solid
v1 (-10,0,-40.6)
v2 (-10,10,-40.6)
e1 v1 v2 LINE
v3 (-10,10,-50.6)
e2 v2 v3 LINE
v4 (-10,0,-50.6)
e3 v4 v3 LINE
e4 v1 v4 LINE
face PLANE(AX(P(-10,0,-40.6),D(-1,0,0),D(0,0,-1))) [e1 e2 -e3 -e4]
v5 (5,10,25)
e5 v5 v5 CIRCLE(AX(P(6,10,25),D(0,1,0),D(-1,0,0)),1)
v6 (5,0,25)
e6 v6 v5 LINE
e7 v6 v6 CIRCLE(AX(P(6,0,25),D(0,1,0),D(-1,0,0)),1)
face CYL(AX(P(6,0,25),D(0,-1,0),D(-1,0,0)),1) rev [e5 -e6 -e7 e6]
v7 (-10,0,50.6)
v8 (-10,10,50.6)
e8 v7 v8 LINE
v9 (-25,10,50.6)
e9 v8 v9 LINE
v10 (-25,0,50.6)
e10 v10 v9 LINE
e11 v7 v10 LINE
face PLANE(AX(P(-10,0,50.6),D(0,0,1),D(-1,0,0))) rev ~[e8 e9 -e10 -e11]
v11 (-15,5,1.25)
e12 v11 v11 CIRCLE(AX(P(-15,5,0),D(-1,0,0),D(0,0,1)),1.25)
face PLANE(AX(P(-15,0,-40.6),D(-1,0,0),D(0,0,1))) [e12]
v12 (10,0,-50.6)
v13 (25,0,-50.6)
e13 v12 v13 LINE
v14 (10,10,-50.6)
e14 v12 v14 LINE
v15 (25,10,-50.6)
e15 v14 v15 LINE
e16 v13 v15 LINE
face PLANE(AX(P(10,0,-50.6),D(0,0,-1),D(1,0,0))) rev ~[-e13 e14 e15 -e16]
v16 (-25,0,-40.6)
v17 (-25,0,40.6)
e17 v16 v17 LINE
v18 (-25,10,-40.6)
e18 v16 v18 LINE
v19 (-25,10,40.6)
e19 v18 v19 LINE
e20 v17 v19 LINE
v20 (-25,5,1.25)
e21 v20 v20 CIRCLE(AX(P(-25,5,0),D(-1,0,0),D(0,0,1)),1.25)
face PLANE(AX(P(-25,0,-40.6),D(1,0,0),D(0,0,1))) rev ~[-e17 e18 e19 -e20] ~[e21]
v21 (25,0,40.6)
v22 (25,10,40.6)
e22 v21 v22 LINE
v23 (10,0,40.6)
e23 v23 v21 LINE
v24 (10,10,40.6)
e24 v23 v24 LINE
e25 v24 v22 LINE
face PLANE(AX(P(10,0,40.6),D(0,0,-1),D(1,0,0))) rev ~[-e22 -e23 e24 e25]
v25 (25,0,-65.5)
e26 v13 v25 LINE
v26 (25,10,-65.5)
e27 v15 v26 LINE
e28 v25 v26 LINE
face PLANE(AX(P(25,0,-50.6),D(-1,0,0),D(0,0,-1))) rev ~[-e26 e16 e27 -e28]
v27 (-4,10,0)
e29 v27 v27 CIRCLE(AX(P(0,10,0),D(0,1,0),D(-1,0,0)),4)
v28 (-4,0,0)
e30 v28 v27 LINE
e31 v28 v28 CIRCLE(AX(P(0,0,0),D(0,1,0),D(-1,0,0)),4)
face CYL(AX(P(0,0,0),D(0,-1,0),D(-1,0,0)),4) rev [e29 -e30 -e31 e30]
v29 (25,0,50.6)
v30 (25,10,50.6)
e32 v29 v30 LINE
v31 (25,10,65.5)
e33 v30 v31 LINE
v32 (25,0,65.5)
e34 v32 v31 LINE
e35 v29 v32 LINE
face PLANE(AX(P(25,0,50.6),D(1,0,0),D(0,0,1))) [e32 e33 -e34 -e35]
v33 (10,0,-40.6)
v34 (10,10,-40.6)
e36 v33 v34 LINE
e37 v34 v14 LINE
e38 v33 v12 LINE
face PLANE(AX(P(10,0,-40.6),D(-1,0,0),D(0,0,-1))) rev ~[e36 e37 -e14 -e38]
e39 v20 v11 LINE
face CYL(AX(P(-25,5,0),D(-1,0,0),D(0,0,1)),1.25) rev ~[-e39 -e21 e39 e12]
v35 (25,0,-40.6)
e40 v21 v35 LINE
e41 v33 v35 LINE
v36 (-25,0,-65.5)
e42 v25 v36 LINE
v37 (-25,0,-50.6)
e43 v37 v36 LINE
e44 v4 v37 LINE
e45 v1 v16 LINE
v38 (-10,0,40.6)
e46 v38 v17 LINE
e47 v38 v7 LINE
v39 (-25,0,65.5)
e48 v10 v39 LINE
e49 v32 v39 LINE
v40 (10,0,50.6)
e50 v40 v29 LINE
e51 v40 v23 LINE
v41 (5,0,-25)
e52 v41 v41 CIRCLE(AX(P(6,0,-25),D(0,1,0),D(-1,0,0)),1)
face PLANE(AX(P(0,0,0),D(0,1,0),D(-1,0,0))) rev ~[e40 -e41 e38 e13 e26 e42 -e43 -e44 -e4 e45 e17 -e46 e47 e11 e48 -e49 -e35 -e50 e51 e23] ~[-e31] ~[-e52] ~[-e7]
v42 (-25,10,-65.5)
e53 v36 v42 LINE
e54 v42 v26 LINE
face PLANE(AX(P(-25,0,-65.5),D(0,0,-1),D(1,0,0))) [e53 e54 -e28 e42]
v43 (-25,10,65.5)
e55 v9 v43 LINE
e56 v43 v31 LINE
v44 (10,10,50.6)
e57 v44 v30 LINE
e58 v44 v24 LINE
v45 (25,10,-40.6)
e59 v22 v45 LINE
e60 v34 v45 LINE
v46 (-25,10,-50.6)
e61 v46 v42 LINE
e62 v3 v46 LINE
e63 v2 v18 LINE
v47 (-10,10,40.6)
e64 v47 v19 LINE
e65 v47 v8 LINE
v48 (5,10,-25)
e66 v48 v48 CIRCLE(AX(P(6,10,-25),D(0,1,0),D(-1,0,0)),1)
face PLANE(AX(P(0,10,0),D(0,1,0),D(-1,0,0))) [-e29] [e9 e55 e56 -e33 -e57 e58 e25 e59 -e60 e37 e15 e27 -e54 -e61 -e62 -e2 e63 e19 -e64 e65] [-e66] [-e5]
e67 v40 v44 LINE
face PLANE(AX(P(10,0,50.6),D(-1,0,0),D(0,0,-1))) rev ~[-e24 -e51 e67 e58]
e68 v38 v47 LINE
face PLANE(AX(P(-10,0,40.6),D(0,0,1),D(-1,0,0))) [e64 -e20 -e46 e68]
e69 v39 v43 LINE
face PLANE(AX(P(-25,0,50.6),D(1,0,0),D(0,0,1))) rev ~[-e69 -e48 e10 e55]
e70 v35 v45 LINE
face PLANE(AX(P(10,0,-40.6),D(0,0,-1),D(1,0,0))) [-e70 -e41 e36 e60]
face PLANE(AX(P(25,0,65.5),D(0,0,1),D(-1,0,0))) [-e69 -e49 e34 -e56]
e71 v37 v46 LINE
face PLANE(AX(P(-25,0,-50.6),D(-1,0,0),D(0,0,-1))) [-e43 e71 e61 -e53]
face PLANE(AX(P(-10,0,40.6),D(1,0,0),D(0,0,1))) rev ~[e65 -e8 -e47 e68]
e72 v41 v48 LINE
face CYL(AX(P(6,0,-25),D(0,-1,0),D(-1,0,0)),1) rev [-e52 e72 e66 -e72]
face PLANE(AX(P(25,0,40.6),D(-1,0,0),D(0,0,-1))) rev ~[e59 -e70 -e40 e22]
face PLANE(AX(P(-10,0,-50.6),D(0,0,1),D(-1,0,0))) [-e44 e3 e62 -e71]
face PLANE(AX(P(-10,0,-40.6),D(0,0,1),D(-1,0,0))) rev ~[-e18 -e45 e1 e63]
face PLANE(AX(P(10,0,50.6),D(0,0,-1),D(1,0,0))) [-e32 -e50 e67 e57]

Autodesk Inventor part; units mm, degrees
ref_plane "YZ Plane" through (0, 0, 0) normal (1, 0, 0) x (0, 1, 0)
ref_plane "XZ Plane" through (0, 0, 0) normal (0, 1, 0) x (-1, 0, 0)
ref_plane "XY Plane" through (0, 0, 0) normal (0, 0, 1) x (1, 0, 0)
sketch "Sketch1" plane through (0, 0, 0) normal (0, 1, 0) x (-1, 0, 0)
  line L0 (25, -65.5) -> (-25, -65.5)
  line L1 (-25, 65.5) -> (25, 65.5)
  circle A0 centre (0, 0) radius 4
  circle A1 centre (-6, -25) radius 1
  circle A2 centre (-6, 25) radius 1
  line L2 (-25, 65.5) -> (-10, 65.5)
  line L3 (-10, 50.6) -> (-25, 50.6)
  line L4 (-25, 50.6) -> (-25, 65.5)
  line L5 (-25, 65.5) -> (-10, 65.5)
  line L6 (-10, 40.6) -> (-25, 40.6)
  line L7 (-25, -65.5) -> (-10, -65.5)
  line L8 (-10, -40.6) -> (-25, -40.6)
  line L9 (-25, -65.5) -> (-10, -65.5)
  line L10 (-10, -50.6) -> (-25, -50.6)
  line L11 (-25, -50.6) -> (-25, -65.5)
  line L12 (25, -65.5) -> (10, -65.5)
  line L13 (10, -40.6) -> (25, -40.6)
  line L14 (25, -65.5) -> (10, -65.5)
  line L15 (10, -50.6) -> (25, -50.6)
  line L16 (25, -50.6) -> (25, -65.5)
  line L17 (25, 65.5) -> (10, 65.5)
  line L18 (10, 40.6) -> (25, 40.6)
  line L19 (25, 65.5) -> (10, 65.5)
  line L20 (10, 50.6) -> (25, 50.6)
  line L21 (25, 50.6) -> (25, 65.5)
  line L22 (-10, 50.6) -> (-10, 40.6)
  line L23 (-25, 40.6) -> (-25, -40.6)
  line L24 (-10, -40.6) -> (-10, -50.6)
  line L25 (10, -40.6) -> (10, -50.6)
  line L26 (25, -40.6) -> (25, 40.6)
  line L27 (10, 40.6) -> (10, 50.6)
  dimension "d0" = 50
  dimension "d1" = 131
  dimension "d4" = 8
  dimension "d10" = 2
  dimension "d18" = 14.9
  dimension "d19" = 15
  dimension "d20" = 24.9
  dimension "d21" = 15
  dimension "d22" = 24.9
  dimension "d24" = 14.9
  dimension "d25" = 15
  dimension "d26" = 24.9
  dimension "d28" = 14.9
  dimension "d29" = 15
  dimension "d30" = 24.9
  dimension "d32" = 14.9
extrude "Extrusion1" add sketch "Sketch1" along normal blind 10 contours L0 L11 L10 L24 L8 L23 L6 L22 L3 L4 L1 L21 L20 L27 L18 L26 L13 L25 L15 L16 | A0 | A1 | A2
extrude "Extrusion2" cut sketch "Sketch1" along normal blind 10 contours A0 | A1 | A2
sketch "Sketch3" plane through (-25, 0, -40.6) normal (-1, 0, 0) x (0, 0, 1)
  circle A0 centre (40.6, 5) radius 1.25
  point P0 (40.6, 0)
  dimension "d34" = 2.5
extrude "Extrusion4" cut sketch "Sketch3" against normal blind 10
properties part number "predni_komatex(0)"
